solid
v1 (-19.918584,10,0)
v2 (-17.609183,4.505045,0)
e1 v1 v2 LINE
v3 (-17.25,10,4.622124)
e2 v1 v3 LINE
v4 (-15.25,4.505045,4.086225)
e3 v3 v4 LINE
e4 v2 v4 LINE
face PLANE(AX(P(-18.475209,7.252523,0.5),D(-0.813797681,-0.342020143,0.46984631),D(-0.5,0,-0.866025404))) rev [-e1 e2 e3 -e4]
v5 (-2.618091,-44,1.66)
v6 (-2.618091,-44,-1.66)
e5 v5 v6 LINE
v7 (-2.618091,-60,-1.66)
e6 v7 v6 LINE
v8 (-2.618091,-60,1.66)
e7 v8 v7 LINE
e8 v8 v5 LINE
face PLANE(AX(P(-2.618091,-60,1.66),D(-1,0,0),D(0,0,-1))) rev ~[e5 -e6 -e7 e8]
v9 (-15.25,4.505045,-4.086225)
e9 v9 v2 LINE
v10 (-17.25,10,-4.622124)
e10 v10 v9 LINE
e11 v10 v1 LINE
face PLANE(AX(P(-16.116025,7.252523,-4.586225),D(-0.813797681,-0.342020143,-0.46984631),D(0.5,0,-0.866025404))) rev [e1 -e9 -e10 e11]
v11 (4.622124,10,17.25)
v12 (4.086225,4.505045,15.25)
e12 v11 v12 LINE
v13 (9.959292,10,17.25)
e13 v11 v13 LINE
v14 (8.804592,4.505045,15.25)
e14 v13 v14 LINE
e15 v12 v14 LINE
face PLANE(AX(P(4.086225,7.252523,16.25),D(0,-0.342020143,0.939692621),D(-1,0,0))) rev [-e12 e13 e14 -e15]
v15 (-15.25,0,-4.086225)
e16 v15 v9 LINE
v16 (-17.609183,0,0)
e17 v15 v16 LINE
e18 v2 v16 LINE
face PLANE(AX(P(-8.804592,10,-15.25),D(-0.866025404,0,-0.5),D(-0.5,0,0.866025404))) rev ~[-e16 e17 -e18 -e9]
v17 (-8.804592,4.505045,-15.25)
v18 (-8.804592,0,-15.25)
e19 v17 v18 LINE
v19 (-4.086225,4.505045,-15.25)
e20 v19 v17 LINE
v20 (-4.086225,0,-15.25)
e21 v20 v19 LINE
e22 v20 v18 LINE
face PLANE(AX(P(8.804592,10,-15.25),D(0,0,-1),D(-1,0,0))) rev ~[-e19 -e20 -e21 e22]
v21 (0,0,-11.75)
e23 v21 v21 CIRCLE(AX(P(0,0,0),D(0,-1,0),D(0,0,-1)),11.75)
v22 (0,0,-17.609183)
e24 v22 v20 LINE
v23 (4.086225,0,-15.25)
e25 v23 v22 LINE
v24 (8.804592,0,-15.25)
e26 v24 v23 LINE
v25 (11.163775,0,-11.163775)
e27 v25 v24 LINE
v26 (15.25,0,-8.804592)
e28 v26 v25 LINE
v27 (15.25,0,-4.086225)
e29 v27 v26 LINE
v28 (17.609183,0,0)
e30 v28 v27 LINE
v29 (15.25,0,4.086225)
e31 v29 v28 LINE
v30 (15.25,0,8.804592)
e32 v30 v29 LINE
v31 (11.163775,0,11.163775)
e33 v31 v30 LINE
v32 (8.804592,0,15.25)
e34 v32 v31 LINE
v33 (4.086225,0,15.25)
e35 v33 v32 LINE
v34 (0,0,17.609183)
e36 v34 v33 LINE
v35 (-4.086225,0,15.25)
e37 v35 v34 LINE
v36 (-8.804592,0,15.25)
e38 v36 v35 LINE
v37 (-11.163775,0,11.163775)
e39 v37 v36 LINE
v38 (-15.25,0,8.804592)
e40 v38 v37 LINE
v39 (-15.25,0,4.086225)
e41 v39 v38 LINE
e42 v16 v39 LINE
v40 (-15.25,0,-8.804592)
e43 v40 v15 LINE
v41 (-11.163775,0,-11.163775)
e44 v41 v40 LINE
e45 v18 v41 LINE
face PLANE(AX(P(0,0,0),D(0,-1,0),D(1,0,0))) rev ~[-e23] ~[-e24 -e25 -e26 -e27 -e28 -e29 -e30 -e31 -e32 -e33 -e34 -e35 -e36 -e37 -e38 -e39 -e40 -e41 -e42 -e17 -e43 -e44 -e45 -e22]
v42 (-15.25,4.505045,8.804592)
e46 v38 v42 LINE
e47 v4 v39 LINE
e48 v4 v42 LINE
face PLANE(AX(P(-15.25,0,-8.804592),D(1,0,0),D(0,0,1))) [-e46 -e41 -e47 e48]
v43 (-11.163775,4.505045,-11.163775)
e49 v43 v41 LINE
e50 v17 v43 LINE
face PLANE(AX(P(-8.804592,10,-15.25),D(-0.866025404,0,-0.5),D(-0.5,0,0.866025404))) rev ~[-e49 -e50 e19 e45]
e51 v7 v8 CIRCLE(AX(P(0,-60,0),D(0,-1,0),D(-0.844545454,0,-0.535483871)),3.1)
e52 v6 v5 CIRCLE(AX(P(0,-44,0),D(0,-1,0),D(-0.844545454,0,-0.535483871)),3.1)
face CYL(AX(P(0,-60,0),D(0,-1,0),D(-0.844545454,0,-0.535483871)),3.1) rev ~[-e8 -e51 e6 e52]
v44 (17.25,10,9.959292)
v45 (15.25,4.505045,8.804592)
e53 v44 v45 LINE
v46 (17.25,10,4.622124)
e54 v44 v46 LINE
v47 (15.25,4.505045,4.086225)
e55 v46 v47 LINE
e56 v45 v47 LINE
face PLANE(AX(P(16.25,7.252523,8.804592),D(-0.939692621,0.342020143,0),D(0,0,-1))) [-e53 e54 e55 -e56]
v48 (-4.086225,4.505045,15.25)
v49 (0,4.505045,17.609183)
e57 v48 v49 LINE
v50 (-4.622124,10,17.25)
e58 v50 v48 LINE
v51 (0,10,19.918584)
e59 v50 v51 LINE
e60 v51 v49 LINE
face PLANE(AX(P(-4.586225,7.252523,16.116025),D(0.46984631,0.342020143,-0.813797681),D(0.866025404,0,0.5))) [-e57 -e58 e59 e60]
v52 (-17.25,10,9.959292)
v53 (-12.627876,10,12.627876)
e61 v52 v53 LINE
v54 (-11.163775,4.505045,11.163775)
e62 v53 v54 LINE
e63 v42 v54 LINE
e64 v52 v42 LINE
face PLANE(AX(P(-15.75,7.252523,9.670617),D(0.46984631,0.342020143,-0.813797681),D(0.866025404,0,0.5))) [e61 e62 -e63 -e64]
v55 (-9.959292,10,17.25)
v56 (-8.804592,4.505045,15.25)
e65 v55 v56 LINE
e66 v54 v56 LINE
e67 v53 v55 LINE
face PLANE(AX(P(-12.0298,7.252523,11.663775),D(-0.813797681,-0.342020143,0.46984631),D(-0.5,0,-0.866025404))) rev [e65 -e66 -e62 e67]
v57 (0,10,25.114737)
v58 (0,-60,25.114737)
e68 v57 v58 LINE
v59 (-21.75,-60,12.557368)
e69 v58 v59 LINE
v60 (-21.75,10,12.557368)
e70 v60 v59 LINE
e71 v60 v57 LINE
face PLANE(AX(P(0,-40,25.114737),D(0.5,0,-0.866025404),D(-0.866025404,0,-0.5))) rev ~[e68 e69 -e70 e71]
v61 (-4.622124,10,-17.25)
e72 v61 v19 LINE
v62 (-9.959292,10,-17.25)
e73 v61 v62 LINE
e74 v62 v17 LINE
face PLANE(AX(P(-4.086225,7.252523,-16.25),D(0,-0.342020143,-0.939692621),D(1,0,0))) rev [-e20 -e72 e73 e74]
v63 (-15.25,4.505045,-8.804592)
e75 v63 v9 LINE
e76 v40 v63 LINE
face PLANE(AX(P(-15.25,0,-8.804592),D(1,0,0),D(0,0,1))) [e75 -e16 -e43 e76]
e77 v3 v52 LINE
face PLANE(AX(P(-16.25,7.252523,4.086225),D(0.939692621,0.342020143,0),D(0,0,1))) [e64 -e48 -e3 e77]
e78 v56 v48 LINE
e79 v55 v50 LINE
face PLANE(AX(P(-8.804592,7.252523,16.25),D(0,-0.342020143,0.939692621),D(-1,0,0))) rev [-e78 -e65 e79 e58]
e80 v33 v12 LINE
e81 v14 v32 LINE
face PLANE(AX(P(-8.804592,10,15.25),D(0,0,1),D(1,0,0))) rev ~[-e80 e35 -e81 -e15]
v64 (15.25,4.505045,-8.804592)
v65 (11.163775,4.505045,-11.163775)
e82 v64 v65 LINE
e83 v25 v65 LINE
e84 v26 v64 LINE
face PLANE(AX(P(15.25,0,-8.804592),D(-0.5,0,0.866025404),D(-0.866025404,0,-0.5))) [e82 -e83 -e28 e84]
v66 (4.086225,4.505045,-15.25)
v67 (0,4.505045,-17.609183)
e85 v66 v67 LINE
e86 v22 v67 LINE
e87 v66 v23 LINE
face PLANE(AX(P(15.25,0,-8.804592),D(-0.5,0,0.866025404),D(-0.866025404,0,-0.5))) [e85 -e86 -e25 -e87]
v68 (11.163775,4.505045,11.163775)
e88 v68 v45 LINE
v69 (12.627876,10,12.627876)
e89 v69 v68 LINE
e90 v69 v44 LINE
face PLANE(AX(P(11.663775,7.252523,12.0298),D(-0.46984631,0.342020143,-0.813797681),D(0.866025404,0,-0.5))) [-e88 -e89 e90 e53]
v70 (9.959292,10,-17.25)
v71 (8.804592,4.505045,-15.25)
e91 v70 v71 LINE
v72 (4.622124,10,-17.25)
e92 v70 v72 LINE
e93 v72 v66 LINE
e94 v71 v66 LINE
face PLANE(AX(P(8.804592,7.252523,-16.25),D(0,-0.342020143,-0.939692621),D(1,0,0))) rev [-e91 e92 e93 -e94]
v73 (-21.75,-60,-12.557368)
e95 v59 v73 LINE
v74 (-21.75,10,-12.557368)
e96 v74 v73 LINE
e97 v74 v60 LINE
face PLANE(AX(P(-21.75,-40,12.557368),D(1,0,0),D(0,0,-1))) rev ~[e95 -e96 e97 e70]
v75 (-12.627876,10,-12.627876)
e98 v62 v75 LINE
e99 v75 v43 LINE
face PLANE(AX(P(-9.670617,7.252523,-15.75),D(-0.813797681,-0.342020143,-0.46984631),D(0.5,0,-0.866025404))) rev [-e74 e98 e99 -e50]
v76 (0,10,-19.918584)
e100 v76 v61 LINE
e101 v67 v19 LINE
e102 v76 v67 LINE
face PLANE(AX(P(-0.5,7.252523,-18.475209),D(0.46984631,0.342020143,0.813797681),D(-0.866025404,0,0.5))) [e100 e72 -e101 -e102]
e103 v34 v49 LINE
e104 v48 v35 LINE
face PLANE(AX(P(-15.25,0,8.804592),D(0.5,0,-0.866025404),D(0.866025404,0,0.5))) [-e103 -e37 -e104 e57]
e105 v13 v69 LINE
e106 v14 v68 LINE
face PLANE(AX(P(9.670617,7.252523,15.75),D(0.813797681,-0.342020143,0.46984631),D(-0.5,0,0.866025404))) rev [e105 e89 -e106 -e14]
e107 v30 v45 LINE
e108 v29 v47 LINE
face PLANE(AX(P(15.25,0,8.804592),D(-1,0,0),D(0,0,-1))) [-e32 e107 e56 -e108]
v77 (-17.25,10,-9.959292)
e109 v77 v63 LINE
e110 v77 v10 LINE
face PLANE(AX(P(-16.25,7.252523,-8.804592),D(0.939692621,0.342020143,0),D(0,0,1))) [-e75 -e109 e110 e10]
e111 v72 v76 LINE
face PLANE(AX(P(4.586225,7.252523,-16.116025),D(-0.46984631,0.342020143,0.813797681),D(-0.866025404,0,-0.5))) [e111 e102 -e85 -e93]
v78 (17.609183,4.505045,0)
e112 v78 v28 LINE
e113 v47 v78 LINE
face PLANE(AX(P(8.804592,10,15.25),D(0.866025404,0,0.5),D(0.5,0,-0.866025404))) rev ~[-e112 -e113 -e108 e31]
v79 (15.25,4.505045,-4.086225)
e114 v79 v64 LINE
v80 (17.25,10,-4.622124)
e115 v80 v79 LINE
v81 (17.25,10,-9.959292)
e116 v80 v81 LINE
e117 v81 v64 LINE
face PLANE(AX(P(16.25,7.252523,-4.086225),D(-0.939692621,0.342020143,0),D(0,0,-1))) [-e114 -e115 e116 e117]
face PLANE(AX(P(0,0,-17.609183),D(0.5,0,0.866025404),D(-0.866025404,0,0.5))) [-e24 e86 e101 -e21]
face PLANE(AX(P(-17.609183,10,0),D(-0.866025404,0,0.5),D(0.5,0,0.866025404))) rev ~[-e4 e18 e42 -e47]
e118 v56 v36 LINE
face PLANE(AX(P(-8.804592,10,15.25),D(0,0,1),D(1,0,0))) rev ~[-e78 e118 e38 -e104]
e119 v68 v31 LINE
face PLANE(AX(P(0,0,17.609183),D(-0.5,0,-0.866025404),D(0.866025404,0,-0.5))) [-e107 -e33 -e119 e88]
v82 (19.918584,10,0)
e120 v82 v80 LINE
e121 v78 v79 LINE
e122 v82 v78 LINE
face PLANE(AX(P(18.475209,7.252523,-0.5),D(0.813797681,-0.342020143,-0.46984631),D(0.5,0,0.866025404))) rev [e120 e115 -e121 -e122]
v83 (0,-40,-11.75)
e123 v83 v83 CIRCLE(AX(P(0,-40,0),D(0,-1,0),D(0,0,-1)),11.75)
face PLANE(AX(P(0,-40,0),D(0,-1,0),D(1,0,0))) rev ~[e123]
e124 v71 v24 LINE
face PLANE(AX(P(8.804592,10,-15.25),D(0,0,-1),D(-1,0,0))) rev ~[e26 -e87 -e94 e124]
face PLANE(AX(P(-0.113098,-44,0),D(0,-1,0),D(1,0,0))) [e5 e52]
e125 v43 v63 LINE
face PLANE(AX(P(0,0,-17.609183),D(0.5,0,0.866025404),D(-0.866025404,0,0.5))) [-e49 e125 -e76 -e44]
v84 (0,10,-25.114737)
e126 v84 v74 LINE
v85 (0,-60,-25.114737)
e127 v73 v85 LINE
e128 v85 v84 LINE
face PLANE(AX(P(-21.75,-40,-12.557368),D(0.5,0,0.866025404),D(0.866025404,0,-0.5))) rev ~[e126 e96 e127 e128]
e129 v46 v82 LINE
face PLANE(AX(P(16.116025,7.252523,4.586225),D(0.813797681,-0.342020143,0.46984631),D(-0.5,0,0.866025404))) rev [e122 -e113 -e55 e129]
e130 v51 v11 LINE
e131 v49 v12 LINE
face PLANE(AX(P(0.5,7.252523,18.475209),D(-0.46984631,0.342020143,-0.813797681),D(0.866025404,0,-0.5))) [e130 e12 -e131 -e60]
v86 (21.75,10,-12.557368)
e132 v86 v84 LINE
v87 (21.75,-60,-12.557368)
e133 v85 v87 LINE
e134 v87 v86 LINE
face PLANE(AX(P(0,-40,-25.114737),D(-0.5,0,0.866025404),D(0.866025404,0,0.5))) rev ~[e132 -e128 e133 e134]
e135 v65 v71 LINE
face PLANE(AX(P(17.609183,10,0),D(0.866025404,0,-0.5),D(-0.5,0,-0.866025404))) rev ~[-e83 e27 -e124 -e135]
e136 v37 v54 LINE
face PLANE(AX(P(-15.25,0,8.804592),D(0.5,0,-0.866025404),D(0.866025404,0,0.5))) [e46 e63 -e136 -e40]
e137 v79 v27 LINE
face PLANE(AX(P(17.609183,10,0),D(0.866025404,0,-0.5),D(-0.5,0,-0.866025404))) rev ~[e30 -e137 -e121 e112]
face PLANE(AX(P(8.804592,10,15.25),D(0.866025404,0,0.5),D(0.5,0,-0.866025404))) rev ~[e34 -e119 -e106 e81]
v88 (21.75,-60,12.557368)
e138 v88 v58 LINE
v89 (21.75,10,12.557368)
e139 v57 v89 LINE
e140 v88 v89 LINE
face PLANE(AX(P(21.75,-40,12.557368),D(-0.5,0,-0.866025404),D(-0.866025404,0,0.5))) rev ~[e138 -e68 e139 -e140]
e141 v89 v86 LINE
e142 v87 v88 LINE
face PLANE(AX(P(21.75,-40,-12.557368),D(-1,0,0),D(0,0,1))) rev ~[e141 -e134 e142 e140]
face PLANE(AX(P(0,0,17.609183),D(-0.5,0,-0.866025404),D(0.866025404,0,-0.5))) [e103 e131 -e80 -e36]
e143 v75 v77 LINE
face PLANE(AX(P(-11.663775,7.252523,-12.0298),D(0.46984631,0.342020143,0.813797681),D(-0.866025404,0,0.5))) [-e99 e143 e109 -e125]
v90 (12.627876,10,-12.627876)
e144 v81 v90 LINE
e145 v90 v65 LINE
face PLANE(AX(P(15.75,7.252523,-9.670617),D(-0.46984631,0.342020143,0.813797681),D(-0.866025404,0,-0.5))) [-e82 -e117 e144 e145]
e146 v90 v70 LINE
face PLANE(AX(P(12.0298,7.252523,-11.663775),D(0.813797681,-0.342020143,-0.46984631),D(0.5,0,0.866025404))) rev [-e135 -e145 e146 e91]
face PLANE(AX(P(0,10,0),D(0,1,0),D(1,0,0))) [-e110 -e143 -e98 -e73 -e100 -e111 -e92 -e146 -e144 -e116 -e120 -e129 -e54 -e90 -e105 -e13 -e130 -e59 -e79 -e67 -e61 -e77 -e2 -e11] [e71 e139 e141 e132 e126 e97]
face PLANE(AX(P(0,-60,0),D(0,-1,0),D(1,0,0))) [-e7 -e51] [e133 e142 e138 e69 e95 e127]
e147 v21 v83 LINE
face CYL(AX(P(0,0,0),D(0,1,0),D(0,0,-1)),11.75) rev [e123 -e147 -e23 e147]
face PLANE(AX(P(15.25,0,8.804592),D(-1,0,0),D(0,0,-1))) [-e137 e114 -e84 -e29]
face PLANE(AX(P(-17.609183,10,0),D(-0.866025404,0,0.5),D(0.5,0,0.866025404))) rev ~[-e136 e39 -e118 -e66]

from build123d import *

# Parameters (mm, degrees)
BOSS_EXTRUDE1_DEPTH = 10
SKETCH2_R           = 11.75
BOSS_EXTRUDE2_DEPTH = 40
BOSS_EXTRUDE3_DEPTH = 20
CUT_EXTRUDE1_DEPTH  = 16
CUT_EXTRUDE2_DEPTH  = 10
CHAMFER1_SIZE       = 2
CHAMFER1_SIZE2      = 5.494954839


with BuildPart() as part:
    # Sketch1 → Boss-Extrude1 (new body)
    with BuildSketch(Plane(origin=(0, 0, 0), x_dir=(1, 0, 0), z_dir=(0, 1, 0))):
        Polygon((21.75, 12.557368355), (0, 25.11473671), (-21.75, 12.557368355), (-21.75, -12.557368355), (0, -25.11473671), (21.75, -12.557368355), align=None)
        Polygon((15.25, 8.804591605), (0, 17.60918321), (-15.25, 8.804591605), (-15.25, -8.804591605), (0, -17.60918321), (15.25, -8.804591605), align=None, mode=Mode.SUBTRACT)
    extrude(amount=BOSS_EXTRUDE1_DEPTH)

    # Sketch2 → Boss-Extrude2 (add)
    with BuildSketch(Plane.XZ):
        Polygon((21.75, 12.557368355), (0, 25.11473671), (-21.75, 12.557368355), (-21.75, -12.557368355), (0, -25.11473671), (21.75, -12.557368355), align=None)
        with Locations(Location((0, 0, 0), (0, 0, 270))):
            Circle(SKETCH2_R, mode=Mode.SUBTRACT)
    extrude(amount=BOSS_EXTRUDE2_DEPTH)

    # Sketch3 → Boss-Extrude3 (add)
    with BuildSketch(Plane.XZ.offset(40)):
        Polygon((21.75, 12.557368355), (0, 25.11473671), (-21.75, 12.557368355), (-21.75, -12.557368355), (0, -25.11473671), (21.75, -12.557368355), align=None)
    extrude(amount=BOSS_EXTRUDE3_DEPTH)

    # Sketch4 → Cut-Extrude1 (cut)
    with BuildSketch(Plane.XZ.offset(60)):
        with BuildLine():
            Line((-2.618090908, 1.66), (-2.618090908, -1.66))
            ThreePointArc((-2.618090908, -1.66), (3.1, 0), (-2.618090908, 1.66))
        make_face()
    extrude(amount=-CUT_EXTRUDE1_DEPTH, mode=Mode.SUBTRACT)

    # Sketch5 → Cut-Extrude2 (cut)
    with BuildSketch(Plane(origin=(0, 10, 0), x_dir=(1, 0, 0), z_dir=(0, 1, 0))):
        Polygon((8.804591605, 15.25), (-8.804591605, 15.25), (-17.60918321, 0), (-8.804591605, -15.25), (8.804591605, -15.25), (17.60918321, 0), align=None)
    extrude(amount=-CUT_EXTRUDE2_DEPTH, mode=Mode.SUBTRACT)

    # Chamfer1
    chamfer1_edges = [part.edges().sort_by_distance(p)[0] for p in [
        (-13.206887408, 10, -9.98418321),
        (2.043112592, 10, -16.429591605),
        (15.25, 10, -6.445408395),
        (16.429591605, 10, 2.043112592),
        (16.429591605, 10, -2.043112592),
        (9.98418321, 10, -13.206887408),
        (6.445408395, 10, -15.25),
        (-6.445408395, 10, -15.25),
        (-9.98418321, 10, -13.206887408),
        (-16.429591605, 10, -2.043112592),
        (-16.429591605, 10, 2.043112592),
        (-9.98418321, 10, 13.206887408),
        (-6.445408395, 10, 15.25),
        (6.445408395, 10, 15.25),
        (9.98418321, 10, 13.206887408),
        (15.25, 10, 6.445408395),
        (13.206887408, 10, -9.98418321),
        (-2.043112592, 10, -16.429591605),
        (-15.25, 10, -6.445408395),
        (-13.206887408, 10, 9.98418321),
        (2.043112592, 10, 16.429591605),
        (13.206887408, 10, 9.98418321),
        (-2.043112592, 10, 16.429591605),
        (-15.25, 10, 6.445408395),
    ]]
    chamfer1_side = [part.faces().sort_by_distance(p)[0] for p in [
        (10.542763262, 10, -18.260601622),
    ]]
    chamfer(chamfer1_edges, length=CHAMFER1_SIZE, length2=CHAMFER1_SIZE2, reference=chamfer1_side[0])


solid = part.part
